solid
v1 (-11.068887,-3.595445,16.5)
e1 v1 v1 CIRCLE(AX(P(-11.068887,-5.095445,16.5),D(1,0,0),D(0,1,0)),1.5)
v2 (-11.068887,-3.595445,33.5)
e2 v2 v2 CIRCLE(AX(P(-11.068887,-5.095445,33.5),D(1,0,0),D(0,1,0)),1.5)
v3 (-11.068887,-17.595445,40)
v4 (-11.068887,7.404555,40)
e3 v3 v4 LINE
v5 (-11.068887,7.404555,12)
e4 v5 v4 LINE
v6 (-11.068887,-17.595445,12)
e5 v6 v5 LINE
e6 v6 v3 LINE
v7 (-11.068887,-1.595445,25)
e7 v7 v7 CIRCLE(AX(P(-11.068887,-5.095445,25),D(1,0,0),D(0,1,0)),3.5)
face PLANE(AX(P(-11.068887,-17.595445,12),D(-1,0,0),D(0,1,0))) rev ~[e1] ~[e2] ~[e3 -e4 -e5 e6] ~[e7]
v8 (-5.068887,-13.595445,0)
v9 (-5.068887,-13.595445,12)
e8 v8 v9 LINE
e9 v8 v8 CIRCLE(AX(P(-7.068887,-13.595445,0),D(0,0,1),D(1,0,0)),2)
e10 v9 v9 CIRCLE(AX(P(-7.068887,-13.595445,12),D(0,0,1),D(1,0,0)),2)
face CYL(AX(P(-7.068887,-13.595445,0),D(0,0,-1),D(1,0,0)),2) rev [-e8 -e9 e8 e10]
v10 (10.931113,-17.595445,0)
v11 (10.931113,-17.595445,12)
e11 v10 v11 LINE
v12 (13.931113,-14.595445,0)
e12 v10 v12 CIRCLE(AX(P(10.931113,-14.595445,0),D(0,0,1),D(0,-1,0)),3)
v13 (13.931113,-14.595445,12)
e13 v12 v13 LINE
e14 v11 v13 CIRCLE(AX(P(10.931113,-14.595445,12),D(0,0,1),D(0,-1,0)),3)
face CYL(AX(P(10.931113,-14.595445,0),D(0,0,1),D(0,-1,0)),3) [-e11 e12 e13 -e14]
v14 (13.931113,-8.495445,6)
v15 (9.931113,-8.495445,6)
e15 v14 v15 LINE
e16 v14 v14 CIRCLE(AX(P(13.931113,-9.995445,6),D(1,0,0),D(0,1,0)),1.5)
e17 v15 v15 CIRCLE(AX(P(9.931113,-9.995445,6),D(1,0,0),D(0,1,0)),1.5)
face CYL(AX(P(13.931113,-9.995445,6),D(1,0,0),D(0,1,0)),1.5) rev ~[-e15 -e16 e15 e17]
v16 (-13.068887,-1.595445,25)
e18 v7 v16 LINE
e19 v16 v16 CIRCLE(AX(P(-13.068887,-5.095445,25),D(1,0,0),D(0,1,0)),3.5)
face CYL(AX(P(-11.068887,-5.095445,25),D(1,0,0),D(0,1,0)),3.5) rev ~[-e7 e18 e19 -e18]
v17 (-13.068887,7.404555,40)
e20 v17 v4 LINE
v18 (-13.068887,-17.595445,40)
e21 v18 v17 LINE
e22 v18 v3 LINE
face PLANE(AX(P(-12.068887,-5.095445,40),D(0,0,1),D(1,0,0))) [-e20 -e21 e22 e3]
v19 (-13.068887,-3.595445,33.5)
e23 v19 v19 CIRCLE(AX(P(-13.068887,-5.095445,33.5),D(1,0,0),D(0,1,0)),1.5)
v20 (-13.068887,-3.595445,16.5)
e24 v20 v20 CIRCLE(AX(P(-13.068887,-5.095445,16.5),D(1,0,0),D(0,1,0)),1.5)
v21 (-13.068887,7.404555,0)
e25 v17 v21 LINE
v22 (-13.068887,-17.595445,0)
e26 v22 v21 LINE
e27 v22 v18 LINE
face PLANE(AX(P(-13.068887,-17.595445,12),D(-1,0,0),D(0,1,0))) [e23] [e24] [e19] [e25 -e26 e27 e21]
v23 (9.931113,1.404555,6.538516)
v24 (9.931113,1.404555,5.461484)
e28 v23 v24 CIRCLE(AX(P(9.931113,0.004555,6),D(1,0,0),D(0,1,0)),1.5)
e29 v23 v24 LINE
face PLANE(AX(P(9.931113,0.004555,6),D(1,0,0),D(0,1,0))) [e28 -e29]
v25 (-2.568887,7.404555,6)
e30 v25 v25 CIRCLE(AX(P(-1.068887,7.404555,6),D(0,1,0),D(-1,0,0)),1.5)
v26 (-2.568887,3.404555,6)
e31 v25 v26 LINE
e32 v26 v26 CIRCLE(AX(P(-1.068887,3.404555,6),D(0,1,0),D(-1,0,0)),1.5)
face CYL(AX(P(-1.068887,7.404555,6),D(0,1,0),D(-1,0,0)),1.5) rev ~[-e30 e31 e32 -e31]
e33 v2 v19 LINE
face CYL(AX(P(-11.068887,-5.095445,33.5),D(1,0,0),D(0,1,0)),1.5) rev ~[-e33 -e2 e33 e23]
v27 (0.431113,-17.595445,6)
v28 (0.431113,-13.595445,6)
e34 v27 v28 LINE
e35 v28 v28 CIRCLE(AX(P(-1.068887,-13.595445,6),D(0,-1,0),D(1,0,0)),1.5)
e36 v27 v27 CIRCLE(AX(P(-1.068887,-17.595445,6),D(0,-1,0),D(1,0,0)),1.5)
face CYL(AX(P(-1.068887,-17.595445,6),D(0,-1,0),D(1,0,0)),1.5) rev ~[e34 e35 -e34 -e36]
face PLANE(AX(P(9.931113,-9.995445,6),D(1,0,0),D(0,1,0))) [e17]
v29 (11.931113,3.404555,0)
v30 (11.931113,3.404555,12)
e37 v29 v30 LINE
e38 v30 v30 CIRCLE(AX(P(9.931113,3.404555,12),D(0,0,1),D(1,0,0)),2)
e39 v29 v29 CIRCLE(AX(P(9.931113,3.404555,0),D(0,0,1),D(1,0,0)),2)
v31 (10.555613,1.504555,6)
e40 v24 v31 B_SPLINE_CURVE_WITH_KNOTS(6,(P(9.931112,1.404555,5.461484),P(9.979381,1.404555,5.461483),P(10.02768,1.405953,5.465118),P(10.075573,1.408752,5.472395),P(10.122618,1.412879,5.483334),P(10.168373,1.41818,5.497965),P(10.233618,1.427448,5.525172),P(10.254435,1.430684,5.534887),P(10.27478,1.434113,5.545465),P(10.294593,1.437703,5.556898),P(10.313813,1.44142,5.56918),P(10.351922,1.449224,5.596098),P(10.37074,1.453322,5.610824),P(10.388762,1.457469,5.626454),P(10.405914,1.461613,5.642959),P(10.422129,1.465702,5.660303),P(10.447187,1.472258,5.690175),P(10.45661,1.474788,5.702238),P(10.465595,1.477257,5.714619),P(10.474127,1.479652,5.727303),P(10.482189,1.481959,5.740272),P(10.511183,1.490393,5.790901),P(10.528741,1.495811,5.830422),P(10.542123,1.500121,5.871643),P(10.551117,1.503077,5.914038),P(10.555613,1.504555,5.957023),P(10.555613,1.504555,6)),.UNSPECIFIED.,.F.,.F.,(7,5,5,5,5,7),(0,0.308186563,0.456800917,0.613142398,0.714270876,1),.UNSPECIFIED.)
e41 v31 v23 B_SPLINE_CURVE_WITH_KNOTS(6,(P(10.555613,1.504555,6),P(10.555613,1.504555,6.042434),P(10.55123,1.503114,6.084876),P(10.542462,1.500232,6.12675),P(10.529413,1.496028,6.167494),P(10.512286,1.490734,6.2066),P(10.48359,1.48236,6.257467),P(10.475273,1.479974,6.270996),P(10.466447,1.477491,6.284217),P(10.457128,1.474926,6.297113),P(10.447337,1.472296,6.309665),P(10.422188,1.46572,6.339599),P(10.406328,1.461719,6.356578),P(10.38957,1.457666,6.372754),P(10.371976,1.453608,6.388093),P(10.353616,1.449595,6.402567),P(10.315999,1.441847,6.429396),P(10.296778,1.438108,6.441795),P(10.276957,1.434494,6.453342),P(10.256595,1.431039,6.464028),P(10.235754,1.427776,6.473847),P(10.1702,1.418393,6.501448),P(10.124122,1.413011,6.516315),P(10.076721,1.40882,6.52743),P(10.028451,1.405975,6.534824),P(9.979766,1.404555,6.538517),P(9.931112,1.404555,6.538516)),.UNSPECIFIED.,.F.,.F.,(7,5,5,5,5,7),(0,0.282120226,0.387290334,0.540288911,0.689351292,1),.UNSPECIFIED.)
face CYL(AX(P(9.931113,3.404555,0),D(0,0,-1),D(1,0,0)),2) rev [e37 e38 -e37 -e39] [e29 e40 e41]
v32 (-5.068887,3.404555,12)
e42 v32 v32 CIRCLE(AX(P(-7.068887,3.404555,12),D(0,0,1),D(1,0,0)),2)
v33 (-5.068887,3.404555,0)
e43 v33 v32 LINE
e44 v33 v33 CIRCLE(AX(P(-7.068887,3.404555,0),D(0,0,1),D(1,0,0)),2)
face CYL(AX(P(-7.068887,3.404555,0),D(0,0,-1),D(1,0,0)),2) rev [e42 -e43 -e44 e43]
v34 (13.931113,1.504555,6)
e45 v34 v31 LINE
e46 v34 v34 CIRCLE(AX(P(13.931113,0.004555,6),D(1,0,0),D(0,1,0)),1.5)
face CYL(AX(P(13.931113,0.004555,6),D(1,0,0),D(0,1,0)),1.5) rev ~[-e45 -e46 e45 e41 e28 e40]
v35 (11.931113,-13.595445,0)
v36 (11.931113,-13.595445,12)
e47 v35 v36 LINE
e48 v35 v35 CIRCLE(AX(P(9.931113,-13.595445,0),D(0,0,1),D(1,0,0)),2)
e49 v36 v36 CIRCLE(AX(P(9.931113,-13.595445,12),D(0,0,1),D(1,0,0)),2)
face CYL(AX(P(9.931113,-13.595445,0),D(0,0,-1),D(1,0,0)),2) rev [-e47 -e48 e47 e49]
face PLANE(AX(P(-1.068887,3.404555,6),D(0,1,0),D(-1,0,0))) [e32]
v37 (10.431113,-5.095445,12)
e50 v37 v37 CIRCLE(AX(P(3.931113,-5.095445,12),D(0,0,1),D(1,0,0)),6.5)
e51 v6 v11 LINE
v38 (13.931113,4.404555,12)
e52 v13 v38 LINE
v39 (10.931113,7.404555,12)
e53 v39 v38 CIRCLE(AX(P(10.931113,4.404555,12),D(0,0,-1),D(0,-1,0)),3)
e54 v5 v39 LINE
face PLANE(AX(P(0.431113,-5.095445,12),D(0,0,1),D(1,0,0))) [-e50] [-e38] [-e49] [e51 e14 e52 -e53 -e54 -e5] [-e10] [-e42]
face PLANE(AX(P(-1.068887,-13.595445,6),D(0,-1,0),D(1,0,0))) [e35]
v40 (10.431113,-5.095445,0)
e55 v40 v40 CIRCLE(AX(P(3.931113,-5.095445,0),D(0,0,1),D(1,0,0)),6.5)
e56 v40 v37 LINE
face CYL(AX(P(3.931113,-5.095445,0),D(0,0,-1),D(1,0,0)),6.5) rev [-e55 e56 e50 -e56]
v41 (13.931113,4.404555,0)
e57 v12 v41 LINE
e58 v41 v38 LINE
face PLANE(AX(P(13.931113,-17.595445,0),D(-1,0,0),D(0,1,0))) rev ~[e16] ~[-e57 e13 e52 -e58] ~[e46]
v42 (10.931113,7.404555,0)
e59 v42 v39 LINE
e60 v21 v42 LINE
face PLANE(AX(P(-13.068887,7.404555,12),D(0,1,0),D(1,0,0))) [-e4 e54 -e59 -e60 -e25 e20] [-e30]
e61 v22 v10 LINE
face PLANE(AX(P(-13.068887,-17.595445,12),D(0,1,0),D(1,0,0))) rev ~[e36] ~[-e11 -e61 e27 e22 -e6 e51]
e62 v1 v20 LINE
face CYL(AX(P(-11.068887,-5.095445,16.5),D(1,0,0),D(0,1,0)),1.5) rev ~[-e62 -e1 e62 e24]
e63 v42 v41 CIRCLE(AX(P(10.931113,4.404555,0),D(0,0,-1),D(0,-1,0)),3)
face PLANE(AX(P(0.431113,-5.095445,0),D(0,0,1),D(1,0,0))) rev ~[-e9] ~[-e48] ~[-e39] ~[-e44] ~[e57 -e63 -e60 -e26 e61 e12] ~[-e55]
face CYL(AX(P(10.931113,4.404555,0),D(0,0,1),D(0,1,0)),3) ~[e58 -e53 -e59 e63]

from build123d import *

# Parameters (mm, degrees)
F0_W           = 27
F0_H           = 25
F0_R           = 2
F0_R_2         = 6.5
F1_DEPTH       = 12
F2_W           = 2
F2_H           = 25
F3_DEPTH       = 28
F4_R           = 1.5
F5_DEPTH       = 4
F6_R           = 1.5
F7_DEPTH       = 4
F8_R           = 1.5
F9_DEPTH       = 4
F10_R          = 3
F11_R          = 3.5
F11_R_2        = 1.5
F12_DEPTH      = 25
F12_DEPTH_BACK = 25


with BuildPart() as f1:
    # F0 (on Top) → F1 (new body)
    with BuildSketch(Plane.XY):
        with Locations((0.431113, -5.095445)):
            Rectangle(F0_W, F0_H)
        with Locations((-7.068887, -13.595445)):
            Circle(F0_R, mode=Mode.SUBTRACT)
        with Locations((9.931113, -13.595445)):
            Circle(F0_R, mode=Mode.SUBTRACT)
        with Locations((-7.068887, 3.404555)):
            Circle(F0_R, mode=Mode.SUBTRACT)
        with Locations((3.931113, -5.095445)):
            Circle(F0_R_2, mode=Mode.SUBTRACT)
        with Locations((9.931113, 3.404555)):
            Circle(F0_R, mode=Mode.SUBTRACT)
    extrude(amount=F1_DEPTH)

    # F2 (on face) → F3 (join)
    with BuildSketch(Plane.XY.offset(12)):
        with Locations((-12.068887, -5.095445)):
            Rectangle(F2_W, F2_H)
    extrude(amount=F3_DEPTH)

    # F4 (on face) → F5 (cut)
    with BuildSketch(Plane.YZ.offset(13.931113)):
        with Locations((-9.995445, 6)):
            Circle(F4_R)
        with Locations((0.004555, 6)):
            Circle(F4_R)
    extrude(amount=-F5_DEPTH, mode=Mode.SUBTRACT)

    # F6 (on face) → F7 (cut)
    with BuildSketch(Plane.XZ.offset(17.595445)):
        with Locations((-1.068887, 6)):
            Circle(F6_R)
    extrude(amount=-F7_DEPTH, mode=Mode.SUBTRACT)

    # F8 (on face) → F9 (cut)
    with BuildSketch(Plane(origin=(0, 7.404555, 0), x_dir=(-1, 0, 0), z_dir=(0, 1, 0))):
        with Locations((1.068887, 6)):
            Circle(F8_R)
    extrude(amount=-F9_DEPTH, mode=Mode.SUBTRACT)

    # F10
    f10_edges = [f1.edges().sort_by_distance(p)[0] for p in [
        (13.931113, -17.595445, 6),
        (13.931113, 7.404555, 6),
    ]]
    fillet(f10_edges, radius=F10_R)

    # F11 (on face) → F12 (cut, two sides)
    with BuildSketch(Plane.YZ.offset(-11.068887)) as f12_sk:
        with Locations((-5.095445, 25)):
            Circle(F11_R)
        with Locations((-5.095445, 33.5)):
            Circle(F11_R_2)
        with Locations((-5.095445, 16.5)):
            Circle(F11_R_2)
    extrude(amount=-F12_DEPTH, mode=Mode.SUBTRACT)
    extrude(f12_sk.sketch, amount=-F12_DEPTH_BACK, mode=Mode.SUBTRACT)


solid = f1.part
